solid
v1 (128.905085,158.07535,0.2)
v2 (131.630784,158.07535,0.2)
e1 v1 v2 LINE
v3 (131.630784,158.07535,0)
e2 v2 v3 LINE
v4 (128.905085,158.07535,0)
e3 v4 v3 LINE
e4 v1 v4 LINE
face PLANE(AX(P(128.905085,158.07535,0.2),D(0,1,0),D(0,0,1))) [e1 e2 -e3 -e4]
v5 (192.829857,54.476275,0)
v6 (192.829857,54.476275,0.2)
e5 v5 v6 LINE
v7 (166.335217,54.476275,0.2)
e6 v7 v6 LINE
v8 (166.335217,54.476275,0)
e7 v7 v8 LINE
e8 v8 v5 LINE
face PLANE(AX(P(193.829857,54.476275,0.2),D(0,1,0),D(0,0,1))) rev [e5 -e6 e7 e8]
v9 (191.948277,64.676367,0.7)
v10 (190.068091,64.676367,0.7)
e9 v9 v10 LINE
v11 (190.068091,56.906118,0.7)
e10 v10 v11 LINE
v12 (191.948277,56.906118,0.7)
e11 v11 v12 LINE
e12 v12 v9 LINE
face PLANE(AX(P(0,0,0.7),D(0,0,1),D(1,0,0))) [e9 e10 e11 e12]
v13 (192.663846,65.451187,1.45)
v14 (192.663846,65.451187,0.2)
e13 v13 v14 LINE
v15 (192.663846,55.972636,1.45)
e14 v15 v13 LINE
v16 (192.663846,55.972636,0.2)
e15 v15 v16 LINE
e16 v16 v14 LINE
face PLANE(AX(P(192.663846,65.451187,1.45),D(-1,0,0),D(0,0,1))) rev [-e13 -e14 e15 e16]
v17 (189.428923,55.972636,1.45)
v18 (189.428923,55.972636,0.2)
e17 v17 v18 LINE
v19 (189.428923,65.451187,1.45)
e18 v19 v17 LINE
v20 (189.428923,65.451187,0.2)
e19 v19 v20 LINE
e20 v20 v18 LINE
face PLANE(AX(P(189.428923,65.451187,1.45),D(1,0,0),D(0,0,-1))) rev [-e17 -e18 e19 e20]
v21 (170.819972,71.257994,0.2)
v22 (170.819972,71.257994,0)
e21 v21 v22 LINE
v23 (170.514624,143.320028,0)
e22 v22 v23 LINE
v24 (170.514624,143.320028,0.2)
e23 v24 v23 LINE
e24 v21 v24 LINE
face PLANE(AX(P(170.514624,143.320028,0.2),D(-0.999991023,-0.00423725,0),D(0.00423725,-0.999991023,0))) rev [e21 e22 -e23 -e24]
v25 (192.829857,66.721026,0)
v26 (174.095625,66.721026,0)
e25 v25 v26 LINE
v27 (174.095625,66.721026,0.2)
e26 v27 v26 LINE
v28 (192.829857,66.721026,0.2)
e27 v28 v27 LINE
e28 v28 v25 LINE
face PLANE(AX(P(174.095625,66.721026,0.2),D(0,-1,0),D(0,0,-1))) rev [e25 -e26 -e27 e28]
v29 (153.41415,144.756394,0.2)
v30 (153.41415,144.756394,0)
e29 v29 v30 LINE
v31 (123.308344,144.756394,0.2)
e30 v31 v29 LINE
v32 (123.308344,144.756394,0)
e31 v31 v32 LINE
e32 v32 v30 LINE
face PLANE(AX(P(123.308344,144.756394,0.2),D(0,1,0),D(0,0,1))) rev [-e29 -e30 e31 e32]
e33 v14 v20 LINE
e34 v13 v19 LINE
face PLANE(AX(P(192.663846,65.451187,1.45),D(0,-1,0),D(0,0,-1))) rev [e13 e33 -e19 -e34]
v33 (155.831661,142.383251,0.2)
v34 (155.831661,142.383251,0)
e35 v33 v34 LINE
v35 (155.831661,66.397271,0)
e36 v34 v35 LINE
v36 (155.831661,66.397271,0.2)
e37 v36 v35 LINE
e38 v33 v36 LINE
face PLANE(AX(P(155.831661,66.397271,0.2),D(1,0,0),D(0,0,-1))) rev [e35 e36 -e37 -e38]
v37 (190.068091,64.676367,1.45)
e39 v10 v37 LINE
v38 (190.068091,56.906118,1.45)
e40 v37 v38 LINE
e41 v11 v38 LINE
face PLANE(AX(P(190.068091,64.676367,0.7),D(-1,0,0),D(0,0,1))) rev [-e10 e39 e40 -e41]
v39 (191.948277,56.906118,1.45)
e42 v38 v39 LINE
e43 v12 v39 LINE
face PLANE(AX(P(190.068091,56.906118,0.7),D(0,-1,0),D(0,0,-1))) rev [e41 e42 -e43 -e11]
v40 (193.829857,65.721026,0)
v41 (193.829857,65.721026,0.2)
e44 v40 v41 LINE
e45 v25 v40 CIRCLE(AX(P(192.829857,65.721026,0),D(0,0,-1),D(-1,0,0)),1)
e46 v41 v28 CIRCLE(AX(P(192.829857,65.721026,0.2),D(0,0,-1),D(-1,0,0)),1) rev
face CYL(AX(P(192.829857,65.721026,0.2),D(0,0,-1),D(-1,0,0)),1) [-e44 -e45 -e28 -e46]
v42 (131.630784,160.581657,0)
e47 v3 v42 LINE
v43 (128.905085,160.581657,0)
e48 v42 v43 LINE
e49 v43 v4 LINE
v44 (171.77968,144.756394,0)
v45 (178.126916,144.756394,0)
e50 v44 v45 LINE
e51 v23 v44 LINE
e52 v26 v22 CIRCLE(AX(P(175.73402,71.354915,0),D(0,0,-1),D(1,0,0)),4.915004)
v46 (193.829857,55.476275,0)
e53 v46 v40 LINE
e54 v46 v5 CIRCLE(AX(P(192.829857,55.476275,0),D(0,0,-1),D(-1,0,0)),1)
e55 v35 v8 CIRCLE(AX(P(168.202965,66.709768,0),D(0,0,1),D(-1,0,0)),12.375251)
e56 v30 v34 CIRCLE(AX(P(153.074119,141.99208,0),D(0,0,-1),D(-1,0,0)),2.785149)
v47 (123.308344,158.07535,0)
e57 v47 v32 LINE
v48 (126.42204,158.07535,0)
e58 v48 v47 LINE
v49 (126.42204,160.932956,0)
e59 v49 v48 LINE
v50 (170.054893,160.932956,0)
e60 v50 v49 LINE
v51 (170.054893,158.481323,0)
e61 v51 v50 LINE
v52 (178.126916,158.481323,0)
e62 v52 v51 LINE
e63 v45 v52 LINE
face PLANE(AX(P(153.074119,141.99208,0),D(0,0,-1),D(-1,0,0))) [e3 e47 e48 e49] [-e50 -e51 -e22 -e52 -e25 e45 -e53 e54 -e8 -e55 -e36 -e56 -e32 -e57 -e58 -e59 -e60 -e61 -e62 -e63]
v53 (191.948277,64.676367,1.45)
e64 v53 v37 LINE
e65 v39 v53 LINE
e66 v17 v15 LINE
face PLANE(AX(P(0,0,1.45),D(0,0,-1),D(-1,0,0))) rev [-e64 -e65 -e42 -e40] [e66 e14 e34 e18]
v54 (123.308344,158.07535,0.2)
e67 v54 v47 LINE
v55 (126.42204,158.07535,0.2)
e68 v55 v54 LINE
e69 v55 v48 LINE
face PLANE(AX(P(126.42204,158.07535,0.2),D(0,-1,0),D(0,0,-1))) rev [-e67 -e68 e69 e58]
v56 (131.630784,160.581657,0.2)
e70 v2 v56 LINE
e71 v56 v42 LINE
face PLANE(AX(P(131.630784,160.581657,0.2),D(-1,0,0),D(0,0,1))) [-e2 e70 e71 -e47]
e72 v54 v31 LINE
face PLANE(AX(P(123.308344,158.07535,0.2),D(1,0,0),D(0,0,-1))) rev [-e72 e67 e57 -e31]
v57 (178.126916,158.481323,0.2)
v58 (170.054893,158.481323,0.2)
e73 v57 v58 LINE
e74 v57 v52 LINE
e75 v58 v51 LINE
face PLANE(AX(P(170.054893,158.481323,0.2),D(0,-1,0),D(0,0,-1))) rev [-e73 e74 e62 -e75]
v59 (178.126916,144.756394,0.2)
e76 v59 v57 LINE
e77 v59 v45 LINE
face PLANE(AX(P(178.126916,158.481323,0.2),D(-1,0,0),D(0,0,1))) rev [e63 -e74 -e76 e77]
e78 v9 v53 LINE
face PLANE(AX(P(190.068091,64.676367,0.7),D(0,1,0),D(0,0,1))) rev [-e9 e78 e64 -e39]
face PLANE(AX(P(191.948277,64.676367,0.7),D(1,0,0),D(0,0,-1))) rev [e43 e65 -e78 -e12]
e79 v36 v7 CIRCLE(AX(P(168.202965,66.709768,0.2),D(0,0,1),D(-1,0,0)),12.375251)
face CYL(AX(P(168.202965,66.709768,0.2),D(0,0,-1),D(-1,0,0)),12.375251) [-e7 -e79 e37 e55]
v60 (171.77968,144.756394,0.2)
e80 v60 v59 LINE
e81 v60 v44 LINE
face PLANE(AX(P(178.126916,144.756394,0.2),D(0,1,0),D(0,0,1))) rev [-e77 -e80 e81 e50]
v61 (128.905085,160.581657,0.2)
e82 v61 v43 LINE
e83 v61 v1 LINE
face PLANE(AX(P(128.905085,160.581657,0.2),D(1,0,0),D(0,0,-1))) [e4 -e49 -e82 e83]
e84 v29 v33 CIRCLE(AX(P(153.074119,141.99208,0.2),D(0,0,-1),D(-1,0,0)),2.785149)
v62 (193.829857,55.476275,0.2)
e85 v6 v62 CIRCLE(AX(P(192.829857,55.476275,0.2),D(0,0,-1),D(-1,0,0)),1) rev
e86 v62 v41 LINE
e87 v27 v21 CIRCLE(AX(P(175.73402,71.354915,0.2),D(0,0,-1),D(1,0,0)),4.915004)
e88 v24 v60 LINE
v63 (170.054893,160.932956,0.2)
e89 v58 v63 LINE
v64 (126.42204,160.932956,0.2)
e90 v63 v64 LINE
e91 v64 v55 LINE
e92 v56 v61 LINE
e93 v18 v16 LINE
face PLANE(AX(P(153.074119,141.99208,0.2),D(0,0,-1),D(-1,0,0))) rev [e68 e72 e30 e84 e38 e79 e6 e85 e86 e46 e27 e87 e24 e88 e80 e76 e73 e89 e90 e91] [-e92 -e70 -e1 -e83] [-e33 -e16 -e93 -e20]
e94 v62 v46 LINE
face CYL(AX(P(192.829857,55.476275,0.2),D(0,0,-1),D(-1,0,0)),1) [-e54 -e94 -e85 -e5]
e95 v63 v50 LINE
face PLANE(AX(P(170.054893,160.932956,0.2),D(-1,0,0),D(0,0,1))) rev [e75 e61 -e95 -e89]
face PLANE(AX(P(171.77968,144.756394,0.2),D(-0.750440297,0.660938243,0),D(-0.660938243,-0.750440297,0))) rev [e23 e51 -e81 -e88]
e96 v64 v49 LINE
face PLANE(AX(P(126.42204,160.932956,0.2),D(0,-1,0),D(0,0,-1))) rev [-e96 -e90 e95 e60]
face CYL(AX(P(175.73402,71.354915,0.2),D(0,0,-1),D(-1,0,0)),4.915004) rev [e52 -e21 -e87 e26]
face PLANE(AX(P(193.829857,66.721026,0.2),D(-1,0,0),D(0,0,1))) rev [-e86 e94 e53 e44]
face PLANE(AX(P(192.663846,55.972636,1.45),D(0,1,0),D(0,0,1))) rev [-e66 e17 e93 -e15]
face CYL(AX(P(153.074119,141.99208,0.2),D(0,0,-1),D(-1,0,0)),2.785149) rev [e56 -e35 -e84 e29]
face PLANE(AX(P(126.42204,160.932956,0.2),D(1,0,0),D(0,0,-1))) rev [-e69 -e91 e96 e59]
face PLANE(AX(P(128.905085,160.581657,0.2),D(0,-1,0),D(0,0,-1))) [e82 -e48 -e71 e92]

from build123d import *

# Parameters (mm, degrees)
ESQUISSE1_W             = 2.725699057
ESQUISSE1_H             = 2.506306443
BOSS_EXTRU_1_DEPTH      = 0.2
ESQUISSE2_W             = 3.234923292
ESQUISSE2_H             = 9.478551462
BOSS_EXTRU_2_DEPTH      = 1.25
ESQUISSE3_W             = 1.880186225
ESQUISSE3_H             = 7.770248285
ENL_V_MAT_EXTRU_1_DEPTH = 0.75
CONG_1_R                = 1


with BuildPart() as part:
    # Esquisse1 → Boss.-Extru.1 (new body)
    with BuildSketch(Plane.XY):
        with BuildLine():
            Line((126.422039537, 160.93295612), (170.054893457, 160.93295612))
            Line((170.054893457, 160.93295612), (170.054893457, 158.48132271))
            Line((170.054893457, 158.48132271), (178.126916218, 158.48132271))
            Line((178.126916218, 158.48132271), (178.126916218, 144.756393673))
            Line((178.126916218, 144.756393673), (171.779679926, 144.756393673))
            Line((171.779679926, 144.756393673), (170.514624307, 143.320028439))
            Line((170.514624307, 143.320028439), (170.819971895, 71.257993621))
            ThreePointArc((170.819971895, 71.257993621), (171.74909254, 68.47783045), (174.09562451, 66.721026494))
            Line((174.09562451, 66.721026494), (193.829857273, 66.721026494))
            Line((193.829857273, 66.721026494), (193.829857273, 54.476275086))
            Line((193.829857273, 54.476275086), (166.335216501, 54.476275086))
            ThreePointArc((166.335216501, 54.476275086), (158.91775161, 58.528592216), (155.831660909, 66.397270867))
            Line((155.831660909, 66.397270867), (155.831660909, 142.383251424))
            ThreePointArc((155.831660909, 142.383251424), (155.025193292, 143.979631476), (153.414150222, 144.756393673))
            Line((153.414150222, 144.756393673), (123.308343674, 144.756393673))
            Line((123.308343674, 144.756393673), (123.308343674, 158.075350221))
            Line((123.308343674, 158.075350221), (126.422039537, 158.075350221))
            Line((126.422039537, 158.075350221), (126.422039537, 160.93295612))
        make_face()
        with Locations((130.26793419, 159.328503442)):
            Rectangle(ESQUISSE1_W, ESQUISSE1_H, mode=Mode.SUBTRACT)
    extrude(amount=BOSS_EXTRU_1_DEPTH)

    # Esquisse2 → Boss.-Extru.2 (add)
    with BuildSketch(Plane.XY.offset(0.2)):
        with Locations((191.04638423, 60.711911726)):
            Rectangle(ESQUISSE2_W, ESQUISSE2_H)
    extrude(amount=BOSS_EXTRU_2_DEPTH)

    # Esquisse3 → Enlèv. mat.-Extru.1 (cut)
    with BuildSketch(Plane.XY.offset(1.45)):
        with Locations((191.008183709, 60.791242391)):
            Rectangle(ESQUISSE3_W, ESQUISSE3_H)
    extrude(amount=-ENL_V_MAT_EXTRU_1_DEPTH, mode=Mode.SUBTRACT)

    # Congé1
    cong_1_edges = [part.edges().sort_by_distance(p)[0] for p in [
        (193.829857273, 66.721026494, 0.1),
        (193.829857273, 54.476275086, 0.1),
    ]]
    fillet(cong_1_edges, radius=CONG_1_R)


solid = part.part
